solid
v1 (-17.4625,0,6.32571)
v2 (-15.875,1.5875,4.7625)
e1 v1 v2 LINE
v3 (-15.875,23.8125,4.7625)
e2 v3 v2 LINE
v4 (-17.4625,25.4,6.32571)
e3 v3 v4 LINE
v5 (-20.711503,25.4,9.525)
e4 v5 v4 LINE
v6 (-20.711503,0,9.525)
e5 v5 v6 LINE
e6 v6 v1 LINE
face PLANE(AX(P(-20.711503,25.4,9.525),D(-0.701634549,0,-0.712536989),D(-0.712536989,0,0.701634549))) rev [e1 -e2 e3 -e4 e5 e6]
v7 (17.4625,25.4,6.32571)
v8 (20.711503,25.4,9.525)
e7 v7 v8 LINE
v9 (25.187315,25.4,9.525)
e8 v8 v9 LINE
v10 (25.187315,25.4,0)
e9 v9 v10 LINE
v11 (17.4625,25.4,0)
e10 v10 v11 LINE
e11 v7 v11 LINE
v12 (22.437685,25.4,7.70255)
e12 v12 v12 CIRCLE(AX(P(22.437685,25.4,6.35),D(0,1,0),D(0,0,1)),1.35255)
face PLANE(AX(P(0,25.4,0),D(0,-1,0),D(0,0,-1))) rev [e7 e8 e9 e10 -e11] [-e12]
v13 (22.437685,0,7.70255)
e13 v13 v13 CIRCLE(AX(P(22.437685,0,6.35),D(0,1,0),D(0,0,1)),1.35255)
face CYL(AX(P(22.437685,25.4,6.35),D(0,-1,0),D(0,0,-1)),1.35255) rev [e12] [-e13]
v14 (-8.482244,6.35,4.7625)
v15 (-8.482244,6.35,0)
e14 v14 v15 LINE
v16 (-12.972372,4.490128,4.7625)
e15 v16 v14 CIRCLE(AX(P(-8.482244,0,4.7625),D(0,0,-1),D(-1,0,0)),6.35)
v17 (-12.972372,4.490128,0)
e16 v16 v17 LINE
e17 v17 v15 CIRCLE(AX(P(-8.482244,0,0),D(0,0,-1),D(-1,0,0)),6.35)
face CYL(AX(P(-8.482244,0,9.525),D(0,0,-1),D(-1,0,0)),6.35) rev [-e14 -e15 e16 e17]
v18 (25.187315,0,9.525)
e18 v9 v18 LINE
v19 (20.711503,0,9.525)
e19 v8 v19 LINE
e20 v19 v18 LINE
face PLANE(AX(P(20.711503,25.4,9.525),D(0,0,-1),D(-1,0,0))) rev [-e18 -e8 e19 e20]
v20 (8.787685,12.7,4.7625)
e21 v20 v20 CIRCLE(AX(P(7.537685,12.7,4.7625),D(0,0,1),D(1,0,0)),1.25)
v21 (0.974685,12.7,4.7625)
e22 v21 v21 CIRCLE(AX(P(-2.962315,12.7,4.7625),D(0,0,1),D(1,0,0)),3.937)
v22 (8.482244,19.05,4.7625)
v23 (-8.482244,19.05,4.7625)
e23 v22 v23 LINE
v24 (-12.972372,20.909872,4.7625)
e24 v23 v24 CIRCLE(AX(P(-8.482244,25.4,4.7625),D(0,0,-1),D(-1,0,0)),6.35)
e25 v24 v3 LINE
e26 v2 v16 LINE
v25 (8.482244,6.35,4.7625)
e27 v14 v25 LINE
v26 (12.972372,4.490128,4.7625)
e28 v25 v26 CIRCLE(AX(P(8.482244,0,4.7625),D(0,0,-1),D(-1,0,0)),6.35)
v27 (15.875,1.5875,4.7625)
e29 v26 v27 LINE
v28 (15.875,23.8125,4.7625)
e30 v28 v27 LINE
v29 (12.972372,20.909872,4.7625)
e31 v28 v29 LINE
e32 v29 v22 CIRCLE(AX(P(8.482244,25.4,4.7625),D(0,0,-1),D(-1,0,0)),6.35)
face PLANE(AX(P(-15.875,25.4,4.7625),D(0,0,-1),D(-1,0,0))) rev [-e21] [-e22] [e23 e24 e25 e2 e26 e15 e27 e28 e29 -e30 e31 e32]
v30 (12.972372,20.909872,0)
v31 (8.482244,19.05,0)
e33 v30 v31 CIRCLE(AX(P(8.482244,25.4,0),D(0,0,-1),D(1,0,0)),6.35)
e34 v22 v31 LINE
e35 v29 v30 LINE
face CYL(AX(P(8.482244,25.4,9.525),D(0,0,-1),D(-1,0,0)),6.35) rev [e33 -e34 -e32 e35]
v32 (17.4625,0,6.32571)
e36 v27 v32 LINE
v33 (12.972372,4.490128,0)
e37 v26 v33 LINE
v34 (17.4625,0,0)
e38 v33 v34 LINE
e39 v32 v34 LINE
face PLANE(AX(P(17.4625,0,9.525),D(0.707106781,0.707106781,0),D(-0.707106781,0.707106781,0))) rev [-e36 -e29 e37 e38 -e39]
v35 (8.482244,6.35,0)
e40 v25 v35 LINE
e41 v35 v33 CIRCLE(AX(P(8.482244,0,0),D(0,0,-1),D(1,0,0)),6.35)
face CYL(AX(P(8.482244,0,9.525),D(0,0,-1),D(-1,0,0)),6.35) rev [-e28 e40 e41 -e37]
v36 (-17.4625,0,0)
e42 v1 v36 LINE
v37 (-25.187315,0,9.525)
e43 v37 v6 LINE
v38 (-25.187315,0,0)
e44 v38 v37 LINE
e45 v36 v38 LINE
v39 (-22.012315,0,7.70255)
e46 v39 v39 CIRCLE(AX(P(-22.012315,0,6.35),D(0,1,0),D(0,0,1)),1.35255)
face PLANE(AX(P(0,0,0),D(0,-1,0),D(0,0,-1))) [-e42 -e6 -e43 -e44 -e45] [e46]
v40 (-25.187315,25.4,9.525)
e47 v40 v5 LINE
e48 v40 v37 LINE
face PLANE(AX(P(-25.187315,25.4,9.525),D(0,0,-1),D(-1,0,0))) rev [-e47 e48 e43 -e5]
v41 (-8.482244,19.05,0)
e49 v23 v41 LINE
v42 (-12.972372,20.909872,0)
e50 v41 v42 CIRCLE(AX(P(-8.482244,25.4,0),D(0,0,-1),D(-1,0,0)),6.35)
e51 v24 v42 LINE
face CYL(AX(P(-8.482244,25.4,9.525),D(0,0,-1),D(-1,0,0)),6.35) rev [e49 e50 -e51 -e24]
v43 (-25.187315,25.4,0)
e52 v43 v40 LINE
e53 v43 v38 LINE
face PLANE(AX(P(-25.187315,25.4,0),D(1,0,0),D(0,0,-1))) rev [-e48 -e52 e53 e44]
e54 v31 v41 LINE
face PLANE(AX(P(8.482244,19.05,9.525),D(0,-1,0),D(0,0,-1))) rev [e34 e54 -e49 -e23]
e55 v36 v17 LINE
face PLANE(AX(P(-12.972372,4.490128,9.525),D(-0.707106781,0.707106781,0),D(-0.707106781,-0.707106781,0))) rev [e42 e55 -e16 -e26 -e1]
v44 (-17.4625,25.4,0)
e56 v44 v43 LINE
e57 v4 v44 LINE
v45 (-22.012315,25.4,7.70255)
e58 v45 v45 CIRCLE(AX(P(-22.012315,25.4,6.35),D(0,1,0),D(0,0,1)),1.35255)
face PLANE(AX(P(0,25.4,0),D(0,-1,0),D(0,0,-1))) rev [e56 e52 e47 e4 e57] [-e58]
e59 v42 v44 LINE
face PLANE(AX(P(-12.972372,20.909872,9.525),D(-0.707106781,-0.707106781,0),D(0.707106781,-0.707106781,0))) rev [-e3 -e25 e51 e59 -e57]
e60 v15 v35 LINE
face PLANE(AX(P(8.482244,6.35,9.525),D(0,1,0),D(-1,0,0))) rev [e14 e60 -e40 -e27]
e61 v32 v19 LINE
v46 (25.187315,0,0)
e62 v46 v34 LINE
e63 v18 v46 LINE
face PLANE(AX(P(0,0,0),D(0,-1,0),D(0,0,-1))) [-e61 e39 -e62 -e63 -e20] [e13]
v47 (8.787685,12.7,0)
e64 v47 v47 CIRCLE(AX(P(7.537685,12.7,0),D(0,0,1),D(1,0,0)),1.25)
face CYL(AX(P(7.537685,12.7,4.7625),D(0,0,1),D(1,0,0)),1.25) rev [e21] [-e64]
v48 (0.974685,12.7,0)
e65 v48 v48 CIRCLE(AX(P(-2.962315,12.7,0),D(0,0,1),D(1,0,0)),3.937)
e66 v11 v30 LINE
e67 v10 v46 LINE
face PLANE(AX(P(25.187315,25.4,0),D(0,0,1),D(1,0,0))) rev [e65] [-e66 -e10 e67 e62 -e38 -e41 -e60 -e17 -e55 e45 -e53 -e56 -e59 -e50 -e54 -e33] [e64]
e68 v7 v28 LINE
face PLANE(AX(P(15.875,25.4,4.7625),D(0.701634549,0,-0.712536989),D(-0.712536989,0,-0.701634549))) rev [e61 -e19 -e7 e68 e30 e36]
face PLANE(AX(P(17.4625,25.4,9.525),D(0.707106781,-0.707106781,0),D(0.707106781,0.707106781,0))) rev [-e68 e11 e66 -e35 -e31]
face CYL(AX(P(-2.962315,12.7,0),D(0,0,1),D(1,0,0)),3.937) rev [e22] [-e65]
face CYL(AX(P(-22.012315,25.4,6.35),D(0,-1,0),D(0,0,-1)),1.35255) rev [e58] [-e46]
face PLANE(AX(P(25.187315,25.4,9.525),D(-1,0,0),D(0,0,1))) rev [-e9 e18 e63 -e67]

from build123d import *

# Parameters (mm, degrees)
SKETCH1_R                 = 1.35255
BOSS_EXTRUDE1_DEPTH       = 25.4
SKETCH2_R                 = 3.937
CUT_EXTRUDE1_DEPTH        = 5.7625
M3X0_5_TAPPED_HOLE1_D     = 2.5
M3X0_5_TAPPED_HOLE1_DEPTH = 4.7625
CUT_EXTRUDE2_DEPTH        = 10.525


with BuildPart() as part:
    # Sketch1 → Boss-Extrude1 (new body)
    with BuildSketch(Plane(origin=(0, 0, 0), x_dir=(1, 0, 0), z_dir=(0, 1, 0))):
        Polygon((25.187315329, 0), (-25.187315329, 0), (-25.187315329, -9.525), (-20.711502729, -9.525), (-15.875, -4.7625), (15.875, -4.7625), (20.711502729, -9.525), (25.187315329, -9.525), align=None)
        with Locations((-22.012315329, -6.35)):
            Circle(SKETCH1_R, mode=Mode.SUBTRACT)
        with Locations((22.437684671, -6.35)):
            Circle(SKETCH1_R, mode=Mode.SUBTRACT)
    extrude(amount=BOSS_EXTRUDE1_DEPTH)

    # Sketch2 → Cut-Extrude1 (cut, through all)
    with BuildSketch(Plane.XY.offset(4.7625)):
        with Locations((-2.962315329, 12.7)):
            Circle(SKETCH2_R)
    extrude(amount=-CUT_EXTRUDE1_DEPTH, mode=Mode.SUBTRACT)

    # M3x0.5 Tapped Hole1
    with Locations(Plane.XY.offset(4.7625)):
        with Locations((7.537684671, 12.7)):
            Hole(M3X0_5_TAPPED_HOLE1_D / 2, depth=M3X0_5_TAPPED_HOLE1_DEPTH)

    # Sketch6 → Cut-Extrude2 (cut, through all)
    with BuildSketch(Plane(origin=(0, 0, 0), x_dir=(-1, 0, 0), z_dir=(0, 0, -1))):
        with BuildLine():
            Line((-17.4625, 25.4), (-12.972371939, 20.909871939))
            ThreePointArc((-12.972371939, 20.909871939), (-10.912283674, 19.533364969), (-8.482243879, 19.05))
            Line((-8.482243879, 19.05), (8.482243879, 19.05))
            ThreePointArc((8.482243879, 19.05), (10.912283674, 19.533364969), (12.972371939, 20.909871939))
            Line((12.972371939, 20.909871939), (17.4625, 25.4))
            Line((17.4625, 25.4), (-17.4625, 25.4))
        make_face()
        with BuildLine():
            Line((-17.4625, 0), (-12.972371939, 4.490128061))
            ThreePointArc((-12.972371939, 4.490128061), (-10.912283674, 5.866635031), (-8.482243879, 6.35))
            Line((-8.482243879, 6.35), (8.482243879, 6.35))
            ThreePointArc((8.482243879, 6.35), (10.912283674, 5.866635031), (12.972371939, 4.490128061))
            Line((12.972371939, 4.490128061), (17.4625, 0))
            Line((17.4625, 0), (-17.4625, 0))
        make_face()
    extrude(amount=-CUT_EXTRUDE2_DEPTH, mode=Mode.SUBTRACT)


solid = part.part
